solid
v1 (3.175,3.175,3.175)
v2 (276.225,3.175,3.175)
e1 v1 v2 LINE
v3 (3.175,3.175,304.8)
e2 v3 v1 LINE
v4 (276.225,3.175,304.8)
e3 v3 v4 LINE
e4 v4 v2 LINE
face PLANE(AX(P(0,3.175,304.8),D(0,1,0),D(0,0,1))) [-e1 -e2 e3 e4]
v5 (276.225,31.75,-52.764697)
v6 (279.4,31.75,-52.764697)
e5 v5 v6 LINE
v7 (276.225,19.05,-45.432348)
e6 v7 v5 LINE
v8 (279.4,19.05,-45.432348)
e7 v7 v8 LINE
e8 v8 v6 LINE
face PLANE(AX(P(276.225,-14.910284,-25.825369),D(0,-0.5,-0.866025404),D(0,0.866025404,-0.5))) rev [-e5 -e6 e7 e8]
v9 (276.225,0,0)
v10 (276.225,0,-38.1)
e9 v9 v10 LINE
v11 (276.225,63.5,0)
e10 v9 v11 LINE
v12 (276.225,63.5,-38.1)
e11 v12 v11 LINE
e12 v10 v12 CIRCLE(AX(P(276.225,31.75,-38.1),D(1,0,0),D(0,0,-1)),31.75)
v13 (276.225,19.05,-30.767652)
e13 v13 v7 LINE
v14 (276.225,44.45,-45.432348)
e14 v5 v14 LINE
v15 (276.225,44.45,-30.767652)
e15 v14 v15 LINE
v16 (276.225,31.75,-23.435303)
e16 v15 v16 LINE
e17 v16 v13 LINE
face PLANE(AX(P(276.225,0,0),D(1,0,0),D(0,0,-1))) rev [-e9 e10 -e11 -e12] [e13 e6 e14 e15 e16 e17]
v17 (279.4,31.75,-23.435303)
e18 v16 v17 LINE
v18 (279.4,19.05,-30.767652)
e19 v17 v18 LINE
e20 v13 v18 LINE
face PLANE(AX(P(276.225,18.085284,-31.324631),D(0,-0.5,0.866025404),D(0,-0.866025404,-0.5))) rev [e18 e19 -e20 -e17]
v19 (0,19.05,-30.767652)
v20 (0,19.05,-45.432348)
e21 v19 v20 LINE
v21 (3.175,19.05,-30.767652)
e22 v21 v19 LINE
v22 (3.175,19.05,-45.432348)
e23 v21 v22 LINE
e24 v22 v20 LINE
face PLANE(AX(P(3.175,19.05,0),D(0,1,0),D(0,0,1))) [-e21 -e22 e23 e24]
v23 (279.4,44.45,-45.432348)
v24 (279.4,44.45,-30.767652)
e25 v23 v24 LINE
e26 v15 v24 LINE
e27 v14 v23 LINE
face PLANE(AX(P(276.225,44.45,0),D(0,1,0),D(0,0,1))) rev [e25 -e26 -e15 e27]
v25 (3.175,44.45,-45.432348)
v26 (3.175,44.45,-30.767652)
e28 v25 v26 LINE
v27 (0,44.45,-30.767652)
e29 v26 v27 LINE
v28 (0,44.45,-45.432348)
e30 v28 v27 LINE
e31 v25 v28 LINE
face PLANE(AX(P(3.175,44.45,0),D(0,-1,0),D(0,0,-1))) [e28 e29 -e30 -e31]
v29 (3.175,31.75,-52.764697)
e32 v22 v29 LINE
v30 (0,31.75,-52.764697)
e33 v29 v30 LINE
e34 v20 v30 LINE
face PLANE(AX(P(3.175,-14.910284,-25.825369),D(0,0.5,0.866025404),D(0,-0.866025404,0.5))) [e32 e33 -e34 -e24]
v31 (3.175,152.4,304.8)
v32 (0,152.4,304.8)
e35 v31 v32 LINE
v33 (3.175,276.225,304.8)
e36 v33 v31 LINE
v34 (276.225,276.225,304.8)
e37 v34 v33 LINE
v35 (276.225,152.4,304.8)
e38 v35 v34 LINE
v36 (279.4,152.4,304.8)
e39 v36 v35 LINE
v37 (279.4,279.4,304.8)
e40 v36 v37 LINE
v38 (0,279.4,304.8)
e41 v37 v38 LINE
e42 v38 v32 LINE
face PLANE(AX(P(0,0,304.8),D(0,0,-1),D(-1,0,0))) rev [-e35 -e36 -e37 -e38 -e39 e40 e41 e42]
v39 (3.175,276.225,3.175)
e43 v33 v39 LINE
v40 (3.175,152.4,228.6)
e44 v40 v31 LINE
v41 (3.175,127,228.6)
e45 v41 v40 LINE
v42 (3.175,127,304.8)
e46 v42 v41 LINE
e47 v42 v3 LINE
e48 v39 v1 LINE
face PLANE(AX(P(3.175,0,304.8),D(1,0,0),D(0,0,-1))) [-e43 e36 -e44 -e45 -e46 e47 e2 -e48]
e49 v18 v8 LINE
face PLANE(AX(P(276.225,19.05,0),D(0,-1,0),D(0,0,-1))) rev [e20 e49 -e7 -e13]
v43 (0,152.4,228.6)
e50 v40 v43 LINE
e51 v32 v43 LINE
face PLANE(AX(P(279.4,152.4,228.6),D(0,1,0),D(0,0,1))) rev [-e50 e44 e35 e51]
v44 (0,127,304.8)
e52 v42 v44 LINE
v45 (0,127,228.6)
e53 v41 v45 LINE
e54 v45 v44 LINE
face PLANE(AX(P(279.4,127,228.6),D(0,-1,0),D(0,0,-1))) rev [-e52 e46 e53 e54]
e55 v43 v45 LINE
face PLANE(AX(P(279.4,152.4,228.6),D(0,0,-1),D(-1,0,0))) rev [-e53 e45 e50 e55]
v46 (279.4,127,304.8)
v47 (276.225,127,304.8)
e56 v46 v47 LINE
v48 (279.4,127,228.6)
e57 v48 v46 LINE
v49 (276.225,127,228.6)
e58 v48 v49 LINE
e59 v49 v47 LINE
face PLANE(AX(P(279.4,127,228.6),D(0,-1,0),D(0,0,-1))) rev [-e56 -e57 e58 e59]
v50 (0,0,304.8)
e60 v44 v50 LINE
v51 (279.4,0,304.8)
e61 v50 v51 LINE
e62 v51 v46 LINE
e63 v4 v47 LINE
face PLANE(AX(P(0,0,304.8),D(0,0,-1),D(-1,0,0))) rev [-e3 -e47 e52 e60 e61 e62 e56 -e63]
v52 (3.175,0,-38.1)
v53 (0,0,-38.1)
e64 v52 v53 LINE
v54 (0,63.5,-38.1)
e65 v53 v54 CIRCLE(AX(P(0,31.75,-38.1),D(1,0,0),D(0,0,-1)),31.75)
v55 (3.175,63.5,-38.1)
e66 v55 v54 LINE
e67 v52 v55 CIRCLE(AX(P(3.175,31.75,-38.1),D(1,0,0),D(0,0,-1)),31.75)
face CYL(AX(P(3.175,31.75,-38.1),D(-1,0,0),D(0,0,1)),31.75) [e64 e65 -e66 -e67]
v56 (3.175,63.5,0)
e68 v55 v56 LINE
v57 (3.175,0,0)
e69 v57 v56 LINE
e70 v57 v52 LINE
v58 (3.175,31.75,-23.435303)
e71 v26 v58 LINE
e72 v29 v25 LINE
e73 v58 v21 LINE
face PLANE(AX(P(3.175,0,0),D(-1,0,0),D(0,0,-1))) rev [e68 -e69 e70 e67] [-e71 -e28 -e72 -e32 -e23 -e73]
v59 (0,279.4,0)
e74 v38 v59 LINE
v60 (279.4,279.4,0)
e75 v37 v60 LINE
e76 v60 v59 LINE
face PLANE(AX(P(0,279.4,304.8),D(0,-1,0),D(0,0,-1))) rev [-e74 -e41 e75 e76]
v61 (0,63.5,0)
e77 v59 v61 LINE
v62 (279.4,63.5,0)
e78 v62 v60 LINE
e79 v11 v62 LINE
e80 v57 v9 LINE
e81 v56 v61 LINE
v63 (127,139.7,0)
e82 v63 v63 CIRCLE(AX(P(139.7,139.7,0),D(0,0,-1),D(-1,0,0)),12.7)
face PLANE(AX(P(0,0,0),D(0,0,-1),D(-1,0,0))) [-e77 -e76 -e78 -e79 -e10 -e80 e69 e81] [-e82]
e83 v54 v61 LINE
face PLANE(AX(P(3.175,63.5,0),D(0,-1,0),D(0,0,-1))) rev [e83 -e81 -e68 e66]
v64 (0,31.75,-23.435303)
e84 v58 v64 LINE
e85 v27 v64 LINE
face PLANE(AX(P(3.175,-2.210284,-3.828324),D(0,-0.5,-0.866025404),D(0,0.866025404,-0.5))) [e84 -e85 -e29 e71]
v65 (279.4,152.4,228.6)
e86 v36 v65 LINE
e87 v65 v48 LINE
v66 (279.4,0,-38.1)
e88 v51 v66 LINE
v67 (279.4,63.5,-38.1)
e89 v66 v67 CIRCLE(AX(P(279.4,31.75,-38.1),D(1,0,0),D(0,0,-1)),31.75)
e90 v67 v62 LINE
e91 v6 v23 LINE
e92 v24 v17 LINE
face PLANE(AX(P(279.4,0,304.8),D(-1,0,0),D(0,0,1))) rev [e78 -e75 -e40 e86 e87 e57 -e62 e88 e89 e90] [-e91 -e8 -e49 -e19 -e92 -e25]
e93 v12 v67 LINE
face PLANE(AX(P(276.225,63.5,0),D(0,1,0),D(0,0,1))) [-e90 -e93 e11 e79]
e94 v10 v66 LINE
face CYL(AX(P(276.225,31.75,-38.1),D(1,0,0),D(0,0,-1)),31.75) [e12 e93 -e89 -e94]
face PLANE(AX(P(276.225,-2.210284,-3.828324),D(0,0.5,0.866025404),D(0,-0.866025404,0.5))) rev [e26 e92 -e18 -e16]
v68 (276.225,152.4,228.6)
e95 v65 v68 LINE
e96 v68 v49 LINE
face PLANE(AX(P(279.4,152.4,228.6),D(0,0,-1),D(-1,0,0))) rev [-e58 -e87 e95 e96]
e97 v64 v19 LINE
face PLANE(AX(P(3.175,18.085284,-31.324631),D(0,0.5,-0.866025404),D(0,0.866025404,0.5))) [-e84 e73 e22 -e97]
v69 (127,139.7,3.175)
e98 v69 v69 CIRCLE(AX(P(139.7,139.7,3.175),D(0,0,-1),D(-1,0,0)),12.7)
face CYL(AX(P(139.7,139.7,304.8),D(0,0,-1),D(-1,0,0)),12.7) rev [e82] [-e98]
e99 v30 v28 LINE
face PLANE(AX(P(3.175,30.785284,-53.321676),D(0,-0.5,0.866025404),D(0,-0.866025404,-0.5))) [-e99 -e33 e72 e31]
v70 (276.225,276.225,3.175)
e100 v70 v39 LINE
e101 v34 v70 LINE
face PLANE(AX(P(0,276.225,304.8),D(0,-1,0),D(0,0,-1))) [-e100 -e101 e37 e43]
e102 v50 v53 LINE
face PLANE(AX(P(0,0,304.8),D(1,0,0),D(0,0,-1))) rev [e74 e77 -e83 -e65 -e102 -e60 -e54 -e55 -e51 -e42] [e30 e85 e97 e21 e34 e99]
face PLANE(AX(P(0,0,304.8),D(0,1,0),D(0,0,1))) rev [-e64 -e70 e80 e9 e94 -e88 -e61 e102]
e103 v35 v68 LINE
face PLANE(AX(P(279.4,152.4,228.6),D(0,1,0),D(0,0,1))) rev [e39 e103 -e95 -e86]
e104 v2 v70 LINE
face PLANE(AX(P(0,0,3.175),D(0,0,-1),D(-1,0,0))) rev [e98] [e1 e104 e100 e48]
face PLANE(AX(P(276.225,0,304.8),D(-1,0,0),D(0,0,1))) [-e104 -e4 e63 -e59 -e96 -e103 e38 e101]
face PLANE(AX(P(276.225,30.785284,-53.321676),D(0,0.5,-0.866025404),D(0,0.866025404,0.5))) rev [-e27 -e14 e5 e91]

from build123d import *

# Parameters (mm, degrees)
SKETCH2_W           = 279.4
SKETCH2_H           = 279.4
BOSS_EXTRUDE2_DEPTH = 304.8
SHELL2_T            = -3.175
SKETCH4_W           = 76.2
SKETCH4_H           = 25.4
CUT_EXTRUDE2_DEPTH  = 280.4
BOSS_EXTRUDE5_DEPTH = 3.175
SKETCH6_R           = 12.7
CUT_EXTRUDE3_DEPTH  = 305.8


with BuildPart() as part:
    # Sketch2 → Boss-Extrude2 (new body)
    with BuildSketch(Plane.XY):
        with Locations((139.7, 139.7)):
            Rectangle(SKETCH2_W, SKETCH2_H)
    extrude(amount=BOSS_EXTRUDE2_DEPTH)

    # Shell2
    shell2_openings = [part.faces().sort_by_distance(p)[0] for p in [
        (139.7, 139.7, 304.8),
    ]]
    offset(amount=SHELL2_T, openings=shell2_openings, kind=Kind.INTERSECTION)

    # Sketch4 → Cut-Extrude2 (cut, through all)
    with BuildSketch(Plane.ZY):
        with Locations((266.7, 139.7)):
            Rectangle(SKETCH4_W, SKETCH4_H)
    extrude(amount=-CUT_EXTRUDE2_DEPTH, mode=Mode.SUBTRACT)

    # Sketch5 → Boss-Extrude5 (add)
    with BuildSketch(Plane(origin=(279.4, 0, 0), x_dir=(0, 0, -1), z_dir=(1, 0, 0))):
        Polygon((0, 63.5), (0, 0), (38.1, 0), (38.1, 19.05), (30.767651581, 19.05), (23.435303163, 31.75), (30.767651581, 44.45), (38.1, 44.45), (38.1, 63.5), align=None)
        with BuildLine():
            Line((38.1, 19.05), (38.1, 0))
            ThreePointArc((38.1, 0), (69.85, 31.75), (38.1, 63.5))
            Line((38.1, 63.5), (38.1, 44.45))
            Line((38.1, 44.45), (45.432348419, 44.45))
            Line((45.432348419, 44.45), (52.764696837, 31.75))
            Line((52.764696837, 31.75), (45.432348419, 19.05))
            Line((45.432348419, 19.05), (38.1, 19.05))
        make_face()
    boss_extrude5 = extrude(amount=-BOSS_EXTRUDE5_DEPTH)

    # Mirror1: Boss-Extrude5 across plane
    add(boss_extrude5.mirror(Plane(origin=(139.7, 0, 0), x_dir=(0, 0, 1), z_dir=(1, 0, 0))))

    # Sketch6 → Cut-Extrude3 (cut, through all)
    with BuildSketch(Plane(origin=(0, 0, 0), x_dir=(-1, 0, 0), z_dir=(0, 0, -1))):
        with Locations((-139.7, 139.7)):
            Circle(SKETCH6_R)
    extrude(amount=-CUT_EXTRUDE3_DEPTH, mode=Mode.SUBTRACT)


solid = part.part
